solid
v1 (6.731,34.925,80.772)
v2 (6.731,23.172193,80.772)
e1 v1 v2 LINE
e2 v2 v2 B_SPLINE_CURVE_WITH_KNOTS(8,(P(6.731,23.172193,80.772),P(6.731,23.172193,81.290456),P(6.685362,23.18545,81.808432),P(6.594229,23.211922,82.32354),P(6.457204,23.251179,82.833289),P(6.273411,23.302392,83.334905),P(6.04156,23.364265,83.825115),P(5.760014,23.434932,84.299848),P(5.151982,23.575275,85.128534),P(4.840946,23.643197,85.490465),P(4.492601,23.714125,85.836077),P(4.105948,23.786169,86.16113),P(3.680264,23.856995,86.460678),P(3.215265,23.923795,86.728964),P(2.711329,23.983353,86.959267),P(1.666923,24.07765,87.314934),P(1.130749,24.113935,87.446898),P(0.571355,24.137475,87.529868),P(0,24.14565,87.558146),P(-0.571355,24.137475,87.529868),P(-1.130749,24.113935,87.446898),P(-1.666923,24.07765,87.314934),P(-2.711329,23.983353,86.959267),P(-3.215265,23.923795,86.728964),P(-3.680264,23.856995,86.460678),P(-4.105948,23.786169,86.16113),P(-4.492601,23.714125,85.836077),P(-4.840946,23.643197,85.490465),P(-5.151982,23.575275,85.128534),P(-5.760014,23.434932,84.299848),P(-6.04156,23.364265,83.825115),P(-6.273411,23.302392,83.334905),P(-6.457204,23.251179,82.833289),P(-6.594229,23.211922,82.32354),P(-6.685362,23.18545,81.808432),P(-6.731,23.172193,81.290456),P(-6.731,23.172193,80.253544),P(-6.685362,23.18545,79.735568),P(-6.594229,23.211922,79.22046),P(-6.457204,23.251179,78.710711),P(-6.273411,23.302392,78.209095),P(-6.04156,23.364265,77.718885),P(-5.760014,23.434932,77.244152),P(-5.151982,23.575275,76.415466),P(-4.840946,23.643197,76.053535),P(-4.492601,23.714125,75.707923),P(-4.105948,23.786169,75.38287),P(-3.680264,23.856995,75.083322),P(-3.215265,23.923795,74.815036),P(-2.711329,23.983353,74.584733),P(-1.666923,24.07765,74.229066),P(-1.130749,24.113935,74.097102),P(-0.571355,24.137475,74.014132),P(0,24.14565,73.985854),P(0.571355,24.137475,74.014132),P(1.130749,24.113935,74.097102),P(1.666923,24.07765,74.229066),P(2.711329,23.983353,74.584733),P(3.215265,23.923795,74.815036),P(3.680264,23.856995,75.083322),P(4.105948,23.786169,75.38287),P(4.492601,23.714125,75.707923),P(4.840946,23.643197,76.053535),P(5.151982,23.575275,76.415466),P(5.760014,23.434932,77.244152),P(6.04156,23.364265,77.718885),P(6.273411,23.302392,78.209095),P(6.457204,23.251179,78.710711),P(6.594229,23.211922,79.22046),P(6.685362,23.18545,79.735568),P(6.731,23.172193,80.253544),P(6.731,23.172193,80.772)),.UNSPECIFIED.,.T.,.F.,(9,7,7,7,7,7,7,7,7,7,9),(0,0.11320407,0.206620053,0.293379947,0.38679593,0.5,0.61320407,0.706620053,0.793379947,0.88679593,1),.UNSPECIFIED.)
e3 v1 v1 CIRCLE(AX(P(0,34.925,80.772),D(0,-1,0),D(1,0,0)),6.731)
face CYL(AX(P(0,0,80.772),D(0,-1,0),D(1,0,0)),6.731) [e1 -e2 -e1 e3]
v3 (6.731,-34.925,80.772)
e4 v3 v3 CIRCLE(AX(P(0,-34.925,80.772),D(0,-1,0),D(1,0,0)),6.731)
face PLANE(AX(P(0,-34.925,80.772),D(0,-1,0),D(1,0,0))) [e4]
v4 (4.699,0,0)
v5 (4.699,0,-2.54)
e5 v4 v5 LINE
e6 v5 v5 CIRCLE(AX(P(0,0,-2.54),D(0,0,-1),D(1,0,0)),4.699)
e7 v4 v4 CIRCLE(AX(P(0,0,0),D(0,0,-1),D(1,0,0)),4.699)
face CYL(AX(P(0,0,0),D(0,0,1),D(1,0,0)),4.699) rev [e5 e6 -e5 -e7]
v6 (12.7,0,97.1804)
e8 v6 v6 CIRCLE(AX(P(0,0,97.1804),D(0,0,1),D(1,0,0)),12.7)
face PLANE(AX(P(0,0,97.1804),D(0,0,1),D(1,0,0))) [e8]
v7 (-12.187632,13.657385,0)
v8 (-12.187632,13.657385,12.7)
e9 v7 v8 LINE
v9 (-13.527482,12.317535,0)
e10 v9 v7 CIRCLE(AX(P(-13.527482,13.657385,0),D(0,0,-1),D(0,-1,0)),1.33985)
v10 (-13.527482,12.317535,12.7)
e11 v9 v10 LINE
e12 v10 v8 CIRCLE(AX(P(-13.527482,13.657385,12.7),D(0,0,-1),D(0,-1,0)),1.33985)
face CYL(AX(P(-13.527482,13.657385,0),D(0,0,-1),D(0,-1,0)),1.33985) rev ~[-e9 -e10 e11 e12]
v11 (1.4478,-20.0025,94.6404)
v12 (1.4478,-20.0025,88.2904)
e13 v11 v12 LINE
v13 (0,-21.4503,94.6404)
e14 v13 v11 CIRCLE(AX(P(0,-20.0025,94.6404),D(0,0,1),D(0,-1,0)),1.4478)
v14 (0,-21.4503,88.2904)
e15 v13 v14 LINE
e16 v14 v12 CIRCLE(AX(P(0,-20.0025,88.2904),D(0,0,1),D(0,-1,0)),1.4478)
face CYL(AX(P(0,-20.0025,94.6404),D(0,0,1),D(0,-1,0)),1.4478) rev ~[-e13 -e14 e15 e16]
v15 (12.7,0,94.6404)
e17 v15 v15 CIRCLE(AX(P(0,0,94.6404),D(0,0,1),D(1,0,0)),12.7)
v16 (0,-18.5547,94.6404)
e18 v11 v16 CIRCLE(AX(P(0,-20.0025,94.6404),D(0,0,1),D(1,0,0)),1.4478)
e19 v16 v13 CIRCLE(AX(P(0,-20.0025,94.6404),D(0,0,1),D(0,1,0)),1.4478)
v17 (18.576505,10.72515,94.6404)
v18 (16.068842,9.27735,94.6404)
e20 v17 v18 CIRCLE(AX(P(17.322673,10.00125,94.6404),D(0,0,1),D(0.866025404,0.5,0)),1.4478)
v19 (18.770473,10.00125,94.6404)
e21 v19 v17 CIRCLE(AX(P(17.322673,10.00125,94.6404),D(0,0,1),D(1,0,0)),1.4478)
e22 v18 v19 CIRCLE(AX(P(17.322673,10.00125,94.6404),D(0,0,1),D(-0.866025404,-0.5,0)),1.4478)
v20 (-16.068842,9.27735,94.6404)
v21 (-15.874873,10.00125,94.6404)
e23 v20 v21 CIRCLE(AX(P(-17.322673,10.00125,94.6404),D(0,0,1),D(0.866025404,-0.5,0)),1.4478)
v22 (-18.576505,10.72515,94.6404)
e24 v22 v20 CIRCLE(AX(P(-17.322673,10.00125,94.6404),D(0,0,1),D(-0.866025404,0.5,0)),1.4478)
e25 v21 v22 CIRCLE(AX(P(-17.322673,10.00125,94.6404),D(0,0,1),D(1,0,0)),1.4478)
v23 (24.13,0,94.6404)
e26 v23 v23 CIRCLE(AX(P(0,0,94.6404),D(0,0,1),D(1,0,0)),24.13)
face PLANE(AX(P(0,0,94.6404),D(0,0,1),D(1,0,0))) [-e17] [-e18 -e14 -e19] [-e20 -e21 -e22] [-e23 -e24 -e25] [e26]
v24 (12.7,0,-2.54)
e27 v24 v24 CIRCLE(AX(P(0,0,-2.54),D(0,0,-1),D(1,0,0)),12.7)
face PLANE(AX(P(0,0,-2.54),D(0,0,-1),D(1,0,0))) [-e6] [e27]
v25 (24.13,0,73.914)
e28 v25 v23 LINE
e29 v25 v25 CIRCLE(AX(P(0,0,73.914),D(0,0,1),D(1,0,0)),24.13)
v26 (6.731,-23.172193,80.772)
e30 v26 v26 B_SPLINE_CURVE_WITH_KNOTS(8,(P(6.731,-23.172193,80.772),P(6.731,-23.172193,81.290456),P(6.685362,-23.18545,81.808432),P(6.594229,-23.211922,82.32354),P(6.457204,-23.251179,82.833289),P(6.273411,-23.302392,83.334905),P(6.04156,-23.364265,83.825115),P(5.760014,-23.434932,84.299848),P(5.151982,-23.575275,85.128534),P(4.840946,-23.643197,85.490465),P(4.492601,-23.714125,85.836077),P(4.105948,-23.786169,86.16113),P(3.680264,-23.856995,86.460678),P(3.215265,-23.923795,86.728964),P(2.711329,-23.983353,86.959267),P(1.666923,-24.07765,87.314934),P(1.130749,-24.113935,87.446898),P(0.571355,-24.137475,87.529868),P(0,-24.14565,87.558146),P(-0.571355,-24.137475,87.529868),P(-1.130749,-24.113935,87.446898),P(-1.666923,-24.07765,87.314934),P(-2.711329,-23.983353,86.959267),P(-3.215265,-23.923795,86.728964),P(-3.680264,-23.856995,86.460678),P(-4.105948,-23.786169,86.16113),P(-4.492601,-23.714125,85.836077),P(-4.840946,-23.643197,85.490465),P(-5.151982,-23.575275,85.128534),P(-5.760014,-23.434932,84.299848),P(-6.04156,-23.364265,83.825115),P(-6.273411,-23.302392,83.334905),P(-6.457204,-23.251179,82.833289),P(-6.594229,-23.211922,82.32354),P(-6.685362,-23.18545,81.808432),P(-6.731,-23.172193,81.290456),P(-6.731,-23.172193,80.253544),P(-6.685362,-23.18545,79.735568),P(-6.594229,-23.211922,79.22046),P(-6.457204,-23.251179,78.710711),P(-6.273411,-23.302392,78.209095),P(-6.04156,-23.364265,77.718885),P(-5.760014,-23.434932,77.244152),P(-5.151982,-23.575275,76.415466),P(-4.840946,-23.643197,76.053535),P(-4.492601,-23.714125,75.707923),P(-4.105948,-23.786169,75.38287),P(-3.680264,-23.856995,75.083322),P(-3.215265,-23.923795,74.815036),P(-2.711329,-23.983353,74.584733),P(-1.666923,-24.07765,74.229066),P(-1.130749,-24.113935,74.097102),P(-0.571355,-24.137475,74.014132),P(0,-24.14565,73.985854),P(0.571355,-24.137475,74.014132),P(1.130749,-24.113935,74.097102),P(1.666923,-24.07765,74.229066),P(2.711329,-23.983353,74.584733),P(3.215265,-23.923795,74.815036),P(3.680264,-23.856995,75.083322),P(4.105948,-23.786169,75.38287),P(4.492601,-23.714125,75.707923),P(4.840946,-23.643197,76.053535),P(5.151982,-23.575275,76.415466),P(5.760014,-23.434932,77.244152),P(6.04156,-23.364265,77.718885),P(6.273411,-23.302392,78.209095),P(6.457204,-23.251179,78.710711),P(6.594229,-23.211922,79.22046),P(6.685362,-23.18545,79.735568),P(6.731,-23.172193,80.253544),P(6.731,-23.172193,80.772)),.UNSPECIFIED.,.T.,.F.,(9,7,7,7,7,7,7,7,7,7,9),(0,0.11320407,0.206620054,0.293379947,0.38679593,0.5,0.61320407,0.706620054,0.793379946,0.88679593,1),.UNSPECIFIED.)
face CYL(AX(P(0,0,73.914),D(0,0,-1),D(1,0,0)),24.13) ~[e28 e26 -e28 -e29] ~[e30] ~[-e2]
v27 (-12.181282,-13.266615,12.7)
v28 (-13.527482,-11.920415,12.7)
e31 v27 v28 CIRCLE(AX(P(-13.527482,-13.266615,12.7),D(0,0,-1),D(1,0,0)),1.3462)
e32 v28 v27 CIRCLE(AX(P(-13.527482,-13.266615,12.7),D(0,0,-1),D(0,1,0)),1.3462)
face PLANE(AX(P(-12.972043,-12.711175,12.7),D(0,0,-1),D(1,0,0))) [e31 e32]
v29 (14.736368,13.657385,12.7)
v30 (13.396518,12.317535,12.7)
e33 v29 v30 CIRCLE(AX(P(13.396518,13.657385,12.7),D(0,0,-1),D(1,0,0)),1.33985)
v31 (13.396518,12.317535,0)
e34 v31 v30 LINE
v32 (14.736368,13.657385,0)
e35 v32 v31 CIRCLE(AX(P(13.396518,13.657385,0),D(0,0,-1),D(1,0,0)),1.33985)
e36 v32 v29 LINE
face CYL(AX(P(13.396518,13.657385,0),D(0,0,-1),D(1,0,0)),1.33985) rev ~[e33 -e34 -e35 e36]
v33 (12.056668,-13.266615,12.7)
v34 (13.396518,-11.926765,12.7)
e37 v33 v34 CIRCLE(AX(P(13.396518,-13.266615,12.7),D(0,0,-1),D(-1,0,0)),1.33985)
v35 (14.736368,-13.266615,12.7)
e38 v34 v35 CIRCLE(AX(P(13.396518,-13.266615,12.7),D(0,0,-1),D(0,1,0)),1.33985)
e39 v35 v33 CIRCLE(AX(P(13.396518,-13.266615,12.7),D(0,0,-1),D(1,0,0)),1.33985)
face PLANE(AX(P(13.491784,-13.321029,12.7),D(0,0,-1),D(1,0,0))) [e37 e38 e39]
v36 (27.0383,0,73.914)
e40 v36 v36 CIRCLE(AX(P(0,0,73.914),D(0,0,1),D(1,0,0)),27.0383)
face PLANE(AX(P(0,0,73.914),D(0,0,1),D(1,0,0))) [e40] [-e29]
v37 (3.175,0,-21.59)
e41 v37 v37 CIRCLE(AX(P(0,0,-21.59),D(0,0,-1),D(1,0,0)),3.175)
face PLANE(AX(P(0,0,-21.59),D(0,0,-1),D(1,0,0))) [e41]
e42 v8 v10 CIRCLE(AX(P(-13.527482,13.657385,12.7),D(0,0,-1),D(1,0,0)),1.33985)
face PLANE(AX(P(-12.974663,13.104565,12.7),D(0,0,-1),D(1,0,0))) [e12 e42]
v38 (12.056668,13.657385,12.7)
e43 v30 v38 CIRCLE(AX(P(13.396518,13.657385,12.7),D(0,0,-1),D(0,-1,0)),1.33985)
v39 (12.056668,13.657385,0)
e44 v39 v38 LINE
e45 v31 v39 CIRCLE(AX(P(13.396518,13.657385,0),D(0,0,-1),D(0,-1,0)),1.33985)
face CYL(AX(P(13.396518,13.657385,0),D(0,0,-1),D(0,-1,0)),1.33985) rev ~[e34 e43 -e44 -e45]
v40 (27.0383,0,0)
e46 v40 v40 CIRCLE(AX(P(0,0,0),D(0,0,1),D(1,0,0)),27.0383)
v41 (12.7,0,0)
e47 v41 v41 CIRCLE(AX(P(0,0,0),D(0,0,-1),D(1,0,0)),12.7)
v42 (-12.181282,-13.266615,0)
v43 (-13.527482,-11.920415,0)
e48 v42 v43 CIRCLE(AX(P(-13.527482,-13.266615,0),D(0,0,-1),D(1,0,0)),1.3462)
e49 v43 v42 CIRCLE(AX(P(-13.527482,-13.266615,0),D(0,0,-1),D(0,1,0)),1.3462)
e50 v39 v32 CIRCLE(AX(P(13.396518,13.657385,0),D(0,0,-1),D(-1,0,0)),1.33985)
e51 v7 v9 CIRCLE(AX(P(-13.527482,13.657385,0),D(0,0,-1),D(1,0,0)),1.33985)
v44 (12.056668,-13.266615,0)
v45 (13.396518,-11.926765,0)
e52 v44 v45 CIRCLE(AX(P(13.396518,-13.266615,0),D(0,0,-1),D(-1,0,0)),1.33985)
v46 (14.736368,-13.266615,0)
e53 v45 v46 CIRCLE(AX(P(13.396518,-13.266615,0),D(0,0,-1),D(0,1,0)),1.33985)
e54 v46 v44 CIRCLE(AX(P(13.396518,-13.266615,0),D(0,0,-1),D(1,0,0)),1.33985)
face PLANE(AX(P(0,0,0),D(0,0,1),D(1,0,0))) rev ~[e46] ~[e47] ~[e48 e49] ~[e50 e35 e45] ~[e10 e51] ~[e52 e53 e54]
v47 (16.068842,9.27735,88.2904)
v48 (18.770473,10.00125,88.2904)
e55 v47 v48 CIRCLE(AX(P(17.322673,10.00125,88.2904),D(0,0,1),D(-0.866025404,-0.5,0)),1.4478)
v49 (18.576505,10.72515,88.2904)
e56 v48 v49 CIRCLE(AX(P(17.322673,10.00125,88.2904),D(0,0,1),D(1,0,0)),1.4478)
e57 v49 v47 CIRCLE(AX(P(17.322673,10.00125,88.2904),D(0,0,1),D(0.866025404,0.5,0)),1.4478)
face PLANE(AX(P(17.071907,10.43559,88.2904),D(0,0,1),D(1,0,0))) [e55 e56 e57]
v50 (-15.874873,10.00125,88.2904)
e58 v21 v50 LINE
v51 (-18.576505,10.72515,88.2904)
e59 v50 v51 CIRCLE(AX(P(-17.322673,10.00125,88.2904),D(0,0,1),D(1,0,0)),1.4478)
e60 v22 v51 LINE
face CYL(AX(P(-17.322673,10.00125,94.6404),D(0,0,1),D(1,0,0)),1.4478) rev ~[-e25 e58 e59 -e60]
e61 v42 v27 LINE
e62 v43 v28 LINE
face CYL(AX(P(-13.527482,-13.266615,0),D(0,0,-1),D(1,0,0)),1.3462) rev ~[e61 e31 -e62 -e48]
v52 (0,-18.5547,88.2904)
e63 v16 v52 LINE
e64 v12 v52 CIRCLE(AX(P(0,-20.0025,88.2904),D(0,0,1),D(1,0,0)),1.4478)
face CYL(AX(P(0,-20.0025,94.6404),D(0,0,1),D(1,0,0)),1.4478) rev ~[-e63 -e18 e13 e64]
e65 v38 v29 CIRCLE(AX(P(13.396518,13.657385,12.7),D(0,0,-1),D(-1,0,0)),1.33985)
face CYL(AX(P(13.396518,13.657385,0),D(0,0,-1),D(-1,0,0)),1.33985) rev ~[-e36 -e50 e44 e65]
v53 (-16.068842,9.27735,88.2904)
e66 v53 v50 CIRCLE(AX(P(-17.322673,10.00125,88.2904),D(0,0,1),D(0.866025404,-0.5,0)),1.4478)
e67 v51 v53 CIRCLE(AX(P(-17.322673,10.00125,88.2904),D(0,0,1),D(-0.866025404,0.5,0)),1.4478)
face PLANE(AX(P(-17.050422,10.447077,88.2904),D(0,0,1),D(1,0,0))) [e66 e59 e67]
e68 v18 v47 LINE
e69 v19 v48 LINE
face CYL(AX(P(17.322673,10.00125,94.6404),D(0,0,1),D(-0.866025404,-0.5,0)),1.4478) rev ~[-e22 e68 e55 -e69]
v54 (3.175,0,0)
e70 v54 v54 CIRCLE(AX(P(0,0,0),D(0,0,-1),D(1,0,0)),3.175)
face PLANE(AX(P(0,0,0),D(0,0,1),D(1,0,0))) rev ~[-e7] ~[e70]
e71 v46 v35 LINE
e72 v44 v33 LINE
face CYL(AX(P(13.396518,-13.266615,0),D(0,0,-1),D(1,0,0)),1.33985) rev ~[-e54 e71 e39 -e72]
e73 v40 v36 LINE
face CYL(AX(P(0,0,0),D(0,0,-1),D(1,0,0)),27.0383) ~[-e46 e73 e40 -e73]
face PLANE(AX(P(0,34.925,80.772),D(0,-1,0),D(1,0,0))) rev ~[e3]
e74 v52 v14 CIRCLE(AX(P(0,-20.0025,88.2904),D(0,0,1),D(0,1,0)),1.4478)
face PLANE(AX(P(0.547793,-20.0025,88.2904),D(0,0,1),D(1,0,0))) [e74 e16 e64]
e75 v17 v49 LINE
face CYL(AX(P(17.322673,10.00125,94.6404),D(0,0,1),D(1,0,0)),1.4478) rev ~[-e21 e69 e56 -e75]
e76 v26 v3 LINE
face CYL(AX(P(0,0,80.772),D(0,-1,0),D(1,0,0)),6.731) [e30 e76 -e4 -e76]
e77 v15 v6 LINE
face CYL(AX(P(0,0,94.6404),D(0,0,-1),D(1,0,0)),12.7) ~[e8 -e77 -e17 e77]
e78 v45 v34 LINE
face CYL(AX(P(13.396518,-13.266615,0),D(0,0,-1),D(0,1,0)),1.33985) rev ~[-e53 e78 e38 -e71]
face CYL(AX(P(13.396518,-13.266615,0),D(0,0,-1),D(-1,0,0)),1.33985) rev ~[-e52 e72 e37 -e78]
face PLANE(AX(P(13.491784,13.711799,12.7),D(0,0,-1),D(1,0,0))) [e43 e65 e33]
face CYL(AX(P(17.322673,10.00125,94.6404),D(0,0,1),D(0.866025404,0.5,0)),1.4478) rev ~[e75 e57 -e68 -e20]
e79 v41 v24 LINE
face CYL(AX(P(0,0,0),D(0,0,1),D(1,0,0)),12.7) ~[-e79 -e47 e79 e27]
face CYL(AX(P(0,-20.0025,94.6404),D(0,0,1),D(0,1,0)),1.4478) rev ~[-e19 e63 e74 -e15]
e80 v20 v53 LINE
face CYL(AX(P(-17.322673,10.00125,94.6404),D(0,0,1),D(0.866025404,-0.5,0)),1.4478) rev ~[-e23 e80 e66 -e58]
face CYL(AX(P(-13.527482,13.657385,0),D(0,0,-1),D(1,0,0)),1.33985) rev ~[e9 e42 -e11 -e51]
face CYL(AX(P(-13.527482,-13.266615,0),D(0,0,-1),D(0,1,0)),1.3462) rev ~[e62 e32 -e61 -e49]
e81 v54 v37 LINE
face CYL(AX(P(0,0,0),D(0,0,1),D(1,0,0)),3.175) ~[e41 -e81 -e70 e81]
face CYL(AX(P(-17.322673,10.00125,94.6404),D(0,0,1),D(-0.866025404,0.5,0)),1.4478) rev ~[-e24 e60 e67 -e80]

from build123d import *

# Parameters (mm, degrees)
F0_R      = 27.0383
F1_DEPTH  = 73.914
F2_R      = 24.13
F3_DEPTH  = 20.7264
F4_R      = 12.7
F5_DEPTH  = 2.54
F6_R      = 12.7
F6_R_2    = 4.699
F7_DEPTH  = 2.54
F8_R      = 3.175
F9_DEPTH  = 21.59
F10_R     = 6.731
F11_DEPTH = 34.925
F13_DEPTH = 6.35
F15_DEPTH = 12.7


with BuildPart() as f1:
    # F0 (on Top) → F1 (new body)
    with BuildSketch(Plane.XY):
        Circle(F0_R)
    extrude(amount=F1_DEPTH)

    # F2 (on face) → F3 (join)
    with BuildSketch(Plane.XY.offset(73.914)):
        Circle(F2_R)
    extrude(amount=F3_DEPTH)

    # F4 (on face) → F5 (join)
    with BuildSketch(Plane.XY.offset(94.6404)):
        Circle(F4_R)
    extrude(amount=F5_DEPTH)

    # F6 (on face) → F7 (join)
    with BuildSketch(Plane(origin=(0, 0, 0), x_dir=(1, 0, 0), z_dir=(0, 0, -1))):
        Circle(F6_R)
        Circle(F6_R_2, mode=Mode.SUBTRACT)
    extrude(amount=F7_DEPTH)

    # F8 (on face) → F9 (join)
    with BuildSketch(Plane(origin=(0, 0, 0), x_dir=(1, 0, 0), z_dir=(0, 0, -1))):
        Circle(F8_R)
    extrude(amount=F9_DEPTH)

    # F10 (on Front) → F11 (join, symmetric)
    with BuildSketch(Plane.XZ):
        with Locations((0, 80.772)):
            Circle(F10_R)
    extrude(amount=F11_DEPTH, both=True)

    # F12 (on face) → F13 (cut)
    with BuildSketch(Plane.XY.offset(94.6404)):
        with BuildLine():
            ThreePointArc((-15.8748731392, 10.00125), (-16.9479549257, 11.3997174113), (-18.5765047188, 10.72515))
            Line((-18.5765047188, 10.72515), (-16.0688415596, 9.27735))
            ThreePointArc((-16.0688415596, 9.27735), (-15.9242057279, 9.6265317865), (-15.8748731392, 10.00125))
        make_face()
        with BuildLine():
            Line((-16.0688415596, 9.27735), (-18.5765047188, 10.72515))
            ThreePointArc((-18.5765047188, 10.72515), (-18.0465731392, 8.7474184204), (-16.0688415596, 9.27735))
        make_face()
        with BuildLine():
            Line((0, -18.5547), (0, -21.4503))
            ThreePointArc((0, -21.4503), (1.0237491978, -21.0262491978), (1.4478, -20.0025))
            ThreePointArc((1.4478, -20.0025), (1.0237491978, -18.9787508022), (0, -18.5547))
        make_face()
        with BuildLine():
            ThreePointArc((0, -18.5547), (-1.4478, -20.0025), (0, -21.4503))
            Line((0, -21.4503), (0, -18.5547))
        make_face()
        with BuildLine():
            Line((16.0688415596, 9.27735), (18.5765047188, 10.72515))
            ThreePointArc((18.5765047188, 10.72515), (16.5987731392, 11.2550815796), (16.0688415596, 9.27735))
        make_face()
        with BuildLine():
            ThreePointArc((18.7704731392, 10.00125), (18.7211405505, 10.3759682135), (18.5765047188, 10.72515))
            Line((18.5765047188, 10.72515), (16.0688415596, 9.27735))
            ThreePointArc((16.0688415596, 9.27735), (17.6973913527, 8.6027825887), (18.7704731392, 10.00125))
        make_face()
    extrude(amount=-F13_DEPTH, mode=Mode.SUBTRACT)

    # F14 (on face) → F15 (cut)
    with BuildSketch(Plane(origin=(0, 0, 0), x_dir=(1, 0, 0), z_dir=(0, 0, -1))):
        with BuildLine():
            ThreePointArc((14.7363675327, 13.2666150431), (13.3965175327, 14.6064650431), (12.0566675327, 13.2666150431))
            Line((12.0566675327, 13.2666150431), (13.3965175327, 13.2666150431))
            Line((13.3965175327, 13.2666150431), (13.3965175327, 11.9267650431))
            ThreePointArc((13.3965175327, 11.9267650431), (14.3439345535, 12.3191980223), (14.7363675327, 13.2666150431))
        make_face()
        with BuildLine():
            Line((13.3965175327, 13.2666150431), (12.0566675327, 13.2666150431))
            ThreePointArc((12.0566675327, 13.2666150431), (12.4491005119, 12.3191980223), (13.3965175327, 11.9267650431))
            Line((13.3965175327, 11.9267650431), (13.3965175327, 13.2666150431))
        make_face()
        with BuildLine():
            ThreePointArc((14.7363675327, -13.6573849569), (14.3439345535, -12.7099679361), (13.3965175327, -12.3175349569))
            Line((13.3965175327, -12.3175349569), (13.3965175327, -13.6573849569))
            Line((13.3965175327, -13.6573849569), (12.0566675327, -13.6573849569))
            ThreePointArc((12.0566675327, -13.6573849569), (13.3965175327, -14.9972349569), (14.7363675327, -13.6573849569))
        make_face()
        with BuildLine():
            Line((13.3965175327, -13.6573849569), (13.3965175327, -12.3175349569))
            ThreePointArc((13.3965175327, -12.3175349569), (12.4491005119, -12.7099679361), (12.0566675327, -13.6573849569))
            Line((12.0566675327, -13.6573849569), (13.3965175327, -13.6573849569))
        make_face()
        with BuildLine():
            Line((-12.1812824673, 13.2666150431), (-13.5274824673, 13.2666150431))
            Line((-13.5274824673, 13.2666150431), (-13.5274824673, 11.9204150431))
            ThreePointArc((-13.5274824673, 11.9204150431), (-12.5755753185, 12.3147078943), (-12.1812824673, 13.2666150431))
        make_face()
        with BuildLine():
            Line((-13.5274824673, 11.9204150431), (-13.5274824673, 13.2666150431))
            Line((-13.5274824673, 13.2666150431), (-12.1812824673, 13.2666150431))
            ThreePointArc((-12.1812824673, 13.2666150431), (-14.4793896162, 14.2185221919), (-13.5274824673, 11.9204150431))
        make_face()
        with BuildLine():
            ThreePointArc((-12.1876324673, -13.6573849569), (-12.5800654465, -12.7099679361), (-13.5274824673, -12.3175349569))
            Line((-13.5274824673, -12.3175349569), (-13.5274824673, -13.6573849569))
            Line((-13.5274824673, -13.6573849569), (-12.1876324673, -13.6573849569))
        make_face()
        with BuildLine():
            Line((-13.5274824673, -13.6573849569), (-13.5274824673, -12.3175349569))
            ThreePointArc((-13.5274824673, -12.3175349569), (-14.4748994881, -14.6048019777), (-12.1876324673, -13.6573849569))
            Line((-12.1876324673, -13.6573849569), (-13.5274824673, -13.6573849569))
        make_face()
    extrude(amount=-F15_DEPTH, mode=Mode.SUBTRACT)


solid = f1.part
